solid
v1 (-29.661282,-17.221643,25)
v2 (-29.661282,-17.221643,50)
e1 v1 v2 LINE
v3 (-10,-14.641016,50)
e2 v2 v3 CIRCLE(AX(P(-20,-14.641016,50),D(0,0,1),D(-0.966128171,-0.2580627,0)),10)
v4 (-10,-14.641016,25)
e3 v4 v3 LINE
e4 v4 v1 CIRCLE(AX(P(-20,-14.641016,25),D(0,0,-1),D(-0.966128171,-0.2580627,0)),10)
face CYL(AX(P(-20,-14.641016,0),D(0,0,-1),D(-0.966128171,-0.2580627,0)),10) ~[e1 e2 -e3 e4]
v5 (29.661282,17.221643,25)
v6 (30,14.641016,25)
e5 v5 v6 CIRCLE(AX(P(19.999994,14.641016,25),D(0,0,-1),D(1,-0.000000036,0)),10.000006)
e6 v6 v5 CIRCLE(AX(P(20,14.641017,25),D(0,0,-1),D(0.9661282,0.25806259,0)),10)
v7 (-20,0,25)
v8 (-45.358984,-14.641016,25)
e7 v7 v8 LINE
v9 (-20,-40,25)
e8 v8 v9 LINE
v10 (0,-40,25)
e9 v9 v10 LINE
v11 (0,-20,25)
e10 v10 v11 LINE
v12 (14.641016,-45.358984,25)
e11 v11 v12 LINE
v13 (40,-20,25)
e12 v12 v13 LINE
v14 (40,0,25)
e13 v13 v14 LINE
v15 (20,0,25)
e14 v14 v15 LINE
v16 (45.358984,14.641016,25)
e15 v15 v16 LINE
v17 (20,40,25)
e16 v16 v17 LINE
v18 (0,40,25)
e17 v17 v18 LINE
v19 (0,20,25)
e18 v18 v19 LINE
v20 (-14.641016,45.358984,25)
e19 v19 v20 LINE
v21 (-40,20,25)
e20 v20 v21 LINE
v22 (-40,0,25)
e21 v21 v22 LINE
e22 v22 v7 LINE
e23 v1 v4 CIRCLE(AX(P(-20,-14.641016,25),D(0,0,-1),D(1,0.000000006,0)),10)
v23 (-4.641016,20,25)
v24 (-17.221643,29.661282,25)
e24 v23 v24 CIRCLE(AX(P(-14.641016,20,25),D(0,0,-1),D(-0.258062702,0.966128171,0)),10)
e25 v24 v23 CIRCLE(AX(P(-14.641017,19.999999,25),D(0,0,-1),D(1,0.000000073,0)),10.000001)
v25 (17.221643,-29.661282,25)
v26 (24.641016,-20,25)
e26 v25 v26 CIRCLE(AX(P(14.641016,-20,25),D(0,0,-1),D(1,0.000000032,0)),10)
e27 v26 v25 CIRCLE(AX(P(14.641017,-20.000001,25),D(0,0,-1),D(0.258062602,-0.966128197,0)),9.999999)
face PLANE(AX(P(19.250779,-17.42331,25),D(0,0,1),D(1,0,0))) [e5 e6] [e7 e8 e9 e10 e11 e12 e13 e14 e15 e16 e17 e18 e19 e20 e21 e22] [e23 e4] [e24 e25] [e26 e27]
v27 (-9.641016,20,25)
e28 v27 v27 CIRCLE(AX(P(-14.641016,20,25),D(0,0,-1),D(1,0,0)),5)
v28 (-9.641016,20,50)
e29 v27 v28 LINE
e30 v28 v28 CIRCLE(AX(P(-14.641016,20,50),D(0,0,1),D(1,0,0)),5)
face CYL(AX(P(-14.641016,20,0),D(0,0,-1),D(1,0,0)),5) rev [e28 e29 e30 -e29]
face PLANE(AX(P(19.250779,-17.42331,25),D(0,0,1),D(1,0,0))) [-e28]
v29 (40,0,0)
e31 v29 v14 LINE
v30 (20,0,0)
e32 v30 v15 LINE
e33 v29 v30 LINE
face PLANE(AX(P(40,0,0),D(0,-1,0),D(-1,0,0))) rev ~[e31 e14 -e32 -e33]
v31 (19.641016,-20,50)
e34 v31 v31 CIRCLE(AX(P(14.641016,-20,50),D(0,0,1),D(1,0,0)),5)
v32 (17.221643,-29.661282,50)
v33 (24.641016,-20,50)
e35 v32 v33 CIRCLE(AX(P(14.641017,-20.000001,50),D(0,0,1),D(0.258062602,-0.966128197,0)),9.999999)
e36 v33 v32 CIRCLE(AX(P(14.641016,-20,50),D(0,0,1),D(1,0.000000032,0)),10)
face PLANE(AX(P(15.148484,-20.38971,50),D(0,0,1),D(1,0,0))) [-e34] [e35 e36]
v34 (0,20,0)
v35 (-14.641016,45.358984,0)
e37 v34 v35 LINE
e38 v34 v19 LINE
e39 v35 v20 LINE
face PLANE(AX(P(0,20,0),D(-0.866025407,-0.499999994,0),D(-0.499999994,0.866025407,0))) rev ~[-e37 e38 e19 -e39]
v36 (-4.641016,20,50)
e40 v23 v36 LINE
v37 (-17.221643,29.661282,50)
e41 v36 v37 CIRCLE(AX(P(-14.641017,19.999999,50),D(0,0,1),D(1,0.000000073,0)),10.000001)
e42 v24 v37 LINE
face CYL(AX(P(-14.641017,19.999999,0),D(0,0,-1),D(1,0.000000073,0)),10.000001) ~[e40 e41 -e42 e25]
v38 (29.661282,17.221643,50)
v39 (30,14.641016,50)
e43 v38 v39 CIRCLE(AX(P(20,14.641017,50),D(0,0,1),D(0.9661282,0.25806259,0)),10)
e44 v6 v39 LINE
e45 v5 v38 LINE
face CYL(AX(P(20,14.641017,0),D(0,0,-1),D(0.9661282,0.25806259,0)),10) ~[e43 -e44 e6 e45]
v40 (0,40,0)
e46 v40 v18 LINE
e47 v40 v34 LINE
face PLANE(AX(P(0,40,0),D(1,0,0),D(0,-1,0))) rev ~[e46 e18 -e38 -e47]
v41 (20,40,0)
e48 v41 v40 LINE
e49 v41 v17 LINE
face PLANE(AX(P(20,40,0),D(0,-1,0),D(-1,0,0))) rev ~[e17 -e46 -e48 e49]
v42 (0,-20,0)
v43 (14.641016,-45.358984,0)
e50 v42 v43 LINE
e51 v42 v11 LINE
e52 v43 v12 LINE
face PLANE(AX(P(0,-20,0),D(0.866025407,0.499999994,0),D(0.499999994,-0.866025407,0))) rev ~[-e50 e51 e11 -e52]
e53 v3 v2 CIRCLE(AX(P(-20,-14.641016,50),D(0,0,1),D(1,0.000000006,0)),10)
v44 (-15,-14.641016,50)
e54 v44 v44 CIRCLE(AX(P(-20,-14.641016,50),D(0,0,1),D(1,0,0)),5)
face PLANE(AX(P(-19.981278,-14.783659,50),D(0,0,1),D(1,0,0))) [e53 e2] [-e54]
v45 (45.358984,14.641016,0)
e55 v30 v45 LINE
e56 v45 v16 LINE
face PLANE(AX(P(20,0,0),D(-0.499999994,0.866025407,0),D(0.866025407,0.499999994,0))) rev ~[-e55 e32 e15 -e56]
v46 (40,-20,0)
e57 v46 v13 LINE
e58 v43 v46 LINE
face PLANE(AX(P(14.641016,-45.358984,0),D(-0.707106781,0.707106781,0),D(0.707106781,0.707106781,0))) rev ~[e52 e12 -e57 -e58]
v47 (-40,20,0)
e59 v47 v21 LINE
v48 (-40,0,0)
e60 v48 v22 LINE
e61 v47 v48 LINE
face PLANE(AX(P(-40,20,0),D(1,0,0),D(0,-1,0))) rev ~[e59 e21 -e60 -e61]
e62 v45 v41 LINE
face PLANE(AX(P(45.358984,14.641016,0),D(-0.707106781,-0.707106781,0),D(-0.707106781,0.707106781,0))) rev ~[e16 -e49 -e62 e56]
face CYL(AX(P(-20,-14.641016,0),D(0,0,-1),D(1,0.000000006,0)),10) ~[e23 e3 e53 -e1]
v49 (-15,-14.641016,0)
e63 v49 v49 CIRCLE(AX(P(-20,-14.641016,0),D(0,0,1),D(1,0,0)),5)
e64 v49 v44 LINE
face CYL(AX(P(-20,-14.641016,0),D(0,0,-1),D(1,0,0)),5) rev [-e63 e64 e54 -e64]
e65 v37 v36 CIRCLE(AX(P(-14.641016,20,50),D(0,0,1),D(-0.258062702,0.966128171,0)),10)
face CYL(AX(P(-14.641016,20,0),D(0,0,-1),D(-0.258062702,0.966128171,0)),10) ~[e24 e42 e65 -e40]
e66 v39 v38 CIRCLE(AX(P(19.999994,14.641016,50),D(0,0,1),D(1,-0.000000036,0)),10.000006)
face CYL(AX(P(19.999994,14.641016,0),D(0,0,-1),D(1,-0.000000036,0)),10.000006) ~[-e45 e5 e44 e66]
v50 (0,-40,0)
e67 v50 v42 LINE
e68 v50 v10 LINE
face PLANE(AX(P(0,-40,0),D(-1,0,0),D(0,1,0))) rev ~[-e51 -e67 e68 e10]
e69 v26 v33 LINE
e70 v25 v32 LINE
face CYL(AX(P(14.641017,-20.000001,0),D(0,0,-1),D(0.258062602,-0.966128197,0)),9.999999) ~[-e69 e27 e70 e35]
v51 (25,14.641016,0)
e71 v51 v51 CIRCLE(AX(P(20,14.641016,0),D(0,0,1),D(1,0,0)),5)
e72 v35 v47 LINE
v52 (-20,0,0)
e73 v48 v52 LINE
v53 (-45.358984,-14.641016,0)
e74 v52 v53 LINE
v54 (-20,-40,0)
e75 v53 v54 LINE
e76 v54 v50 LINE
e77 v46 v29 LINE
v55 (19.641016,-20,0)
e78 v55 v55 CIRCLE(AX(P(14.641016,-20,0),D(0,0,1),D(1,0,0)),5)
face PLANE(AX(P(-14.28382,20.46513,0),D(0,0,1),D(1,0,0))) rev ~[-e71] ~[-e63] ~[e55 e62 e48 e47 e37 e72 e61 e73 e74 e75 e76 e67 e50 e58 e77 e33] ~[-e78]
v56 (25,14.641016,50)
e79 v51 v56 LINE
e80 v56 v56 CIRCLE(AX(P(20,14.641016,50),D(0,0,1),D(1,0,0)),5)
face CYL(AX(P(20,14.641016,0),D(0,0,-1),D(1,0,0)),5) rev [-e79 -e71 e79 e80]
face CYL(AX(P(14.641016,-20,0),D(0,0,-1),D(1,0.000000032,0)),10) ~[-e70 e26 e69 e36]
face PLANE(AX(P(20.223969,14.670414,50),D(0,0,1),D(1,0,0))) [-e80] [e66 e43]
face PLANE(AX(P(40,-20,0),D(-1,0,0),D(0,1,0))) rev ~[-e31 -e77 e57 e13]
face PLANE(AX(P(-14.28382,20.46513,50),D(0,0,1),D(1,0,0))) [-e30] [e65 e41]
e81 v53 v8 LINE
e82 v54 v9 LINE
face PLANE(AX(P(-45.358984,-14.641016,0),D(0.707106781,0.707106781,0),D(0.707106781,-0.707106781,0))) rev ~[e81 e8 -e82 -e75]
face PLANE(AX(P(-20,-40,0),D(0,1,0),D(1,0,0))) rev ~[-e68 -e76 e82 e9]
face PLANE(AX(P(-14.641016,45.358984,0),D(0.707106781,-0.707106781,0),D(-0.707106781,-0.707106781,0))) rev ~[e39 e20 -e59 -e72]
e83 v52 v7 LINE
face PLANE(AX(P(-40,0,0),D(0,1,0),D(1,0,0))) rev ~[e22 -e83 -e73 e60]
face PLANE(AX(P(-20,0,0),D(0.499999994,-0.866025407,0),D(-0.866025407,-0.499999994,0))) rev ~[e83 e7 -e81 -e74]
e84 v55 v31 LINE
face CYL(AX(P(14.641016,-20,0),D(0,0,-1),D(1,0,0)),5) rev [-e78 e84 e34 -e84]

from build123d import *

# Parameters (mm, degrees)
F0_R     = 5
F1_DEPTH = 25
F2_DEPTH = 50


with BuildPart() as f1:
    # F0 (on Top) → F1 (new body)
    with BuildSketch(Plane.XY):
        Polygon((20, 0), (0, 0), (0, -20), (14.641016, -45.358984), (40, -20), (40, 0), align=None)
        with BuildLine():
            ThreePointArc((24.641016, -20), (22.572166, -26.09072), (17.221643, -29.661282))
            ThreePointArc((17.221643, -29.661282), (6.709867, -13.90928), (24.641016, -20))
        make_face(mode=Mode.SUBTRACT)
        with BuildLine():
            ThreePointArc((24.641016, -20), (6.709867, -13.90928), (17.221643, -29.661282))
            ThreePointArc((17.221643, -29.661282), (22.572166, -26.09072), (24.641016, -20))
        make_face()
        with Locations((14.641016, -20)):
            Circle(F0_R, mode=Mode.SUBTRACT)
        Polygon((0, -20), (0, 0), (-20, 0), (-45.358984, -14.641016), (-20, -40), (0, -40), align=None)
        with BuildLine():
            ThreePointArc((-10, -14.641016), (-18.69862, -24.555975), (-29.661282, -17.221643))
            ThreePointArc((-29.661282, -17.221643), (-21.30138, -4.726057), (-10, -14.641016))
        make_face(mode=Mode.SUBTRACT)
        with BuildLine():
            ThreePointArc((-10, -14.641016), (-21.30138, -4.726057), (-29.661282, -17.221643))
            ThreePointArc((-29.661282, -17.221643), (-18.69862, -24.555975), (-10, -14.641016))
        make_face()
        with Locations((-20, -14.641016)):
            Circle(F0_R, mode=Mode.SUBTRACT)
        Polygon((-20, 0), (0, 0), (0, 20), (-14.641016, 45.358984), (-40, 20), (-40, 0), align=None)
        with BuildLine():
            ThreePointArc((-4.641016, 20), (-20.731736, 12.068851), (-17.221643, 29.661282))
            ThreePointArc((-17.221643, 29.661282), (-8.550296, 27.931149), (-4.641016, 20))
        make_face(mode=Mode.SUBTRACT)
        with BuildLine():
            ThreePointArc((-4.641016, 20), (-8.550296, 27.931149), (-17.221643, 29.661282))
            ThreePointArc((-17.221643, 29.661282), (-20.731736, 12.068851), (-4.641016, 20))
        make_face()
        with Locations((-14.641016, 20)):
            Circle(F0_R, mode=Mode.SUBTRACT)
        with Locations((-14.641016, 20)):
            Circle(F0_R)
        Polygon((0, 20), (0, 0), (20, 0), (45.358984, 14.641016), (20, 40), (0, 40), align=None)
        with BuildLine():
            ThreePointArc((30, 14.641016), (10.085041, 13.339636), (29.661282, 17.221643))
            ThreePointArc((29.661282, 17.221643), (29.914959, 15.942396), (30, 14.641016))
        make_face(mode=Mode.SUBTRACT)
        with BuildLine():
            ThreePointArc((30, 14.641016), (29.914959, 15.942396), (29.661282, 17.221643))
            ThreePointArc((29.661282, 17.221643), (10.085041, 13.339636), (30, 14.641016))
        make_face()
        with Locations((20, 14.641016)):
            Circle(F0_R, mode=Mode.SUBTRACT)
    extrude(amount=F1_DEPTH)

    # F0 (on Top) → F2 (join)
    with BuildSketch(Plane.XY):
        with BuildLine():
            ThreePointArc((-4.641016, 20), (-8.550296, 27.931149), (-17.221643, 29.661282))
            ThreePointArc((-17.221643, 29.661282), (-20.731736, 12.068851), (-4.641016, 20))
        make_face()
        with Locations((-14.641016, 20)):
            Circle(F0_R, mode=Mode.SUBTRACT)
        with BuildLine():
            ThreePointArc((-10, -14.641016), (-21.30138, -4.726057), (-29.661282, -17.221643))
            ThreePointArc((-29.661282, -17.221643), (-18.69862, -24.555975), (-10, -14.641016))
        make_face()
        with Locations((-20, -14.641016)):
            Circle(F0_R, mode=Mode.SUBTRACT)
        with BuildLine():
            ThreePointArc((24.641016, -20), (6.709867, -13.90928), (17.221643, -29.661282))
            ThreePointArc((17.221643, -29.661282), (22.572166, -26.09072), (24.641016, -20))
        make_face()
        with Locations((14.641016, -20)):
            Circle(F0_R, mode=Mode.SUBTRACT)
        with BuildLine():
            ThreePointArc((30, 14.641016), (29.914959, 15.942396), (29.661282, 17.221643))
            ThreePointArc((29.661282, 17.221643), (10.085041, 13.339636), (30, 14.641016))
        make_face()
        with Locations((20, 14.641016)):
            Circle(F0_R, mode=Mode.SUBTRACT)
    extrude(amount=F2_DEPTH)


solid = f1.part
